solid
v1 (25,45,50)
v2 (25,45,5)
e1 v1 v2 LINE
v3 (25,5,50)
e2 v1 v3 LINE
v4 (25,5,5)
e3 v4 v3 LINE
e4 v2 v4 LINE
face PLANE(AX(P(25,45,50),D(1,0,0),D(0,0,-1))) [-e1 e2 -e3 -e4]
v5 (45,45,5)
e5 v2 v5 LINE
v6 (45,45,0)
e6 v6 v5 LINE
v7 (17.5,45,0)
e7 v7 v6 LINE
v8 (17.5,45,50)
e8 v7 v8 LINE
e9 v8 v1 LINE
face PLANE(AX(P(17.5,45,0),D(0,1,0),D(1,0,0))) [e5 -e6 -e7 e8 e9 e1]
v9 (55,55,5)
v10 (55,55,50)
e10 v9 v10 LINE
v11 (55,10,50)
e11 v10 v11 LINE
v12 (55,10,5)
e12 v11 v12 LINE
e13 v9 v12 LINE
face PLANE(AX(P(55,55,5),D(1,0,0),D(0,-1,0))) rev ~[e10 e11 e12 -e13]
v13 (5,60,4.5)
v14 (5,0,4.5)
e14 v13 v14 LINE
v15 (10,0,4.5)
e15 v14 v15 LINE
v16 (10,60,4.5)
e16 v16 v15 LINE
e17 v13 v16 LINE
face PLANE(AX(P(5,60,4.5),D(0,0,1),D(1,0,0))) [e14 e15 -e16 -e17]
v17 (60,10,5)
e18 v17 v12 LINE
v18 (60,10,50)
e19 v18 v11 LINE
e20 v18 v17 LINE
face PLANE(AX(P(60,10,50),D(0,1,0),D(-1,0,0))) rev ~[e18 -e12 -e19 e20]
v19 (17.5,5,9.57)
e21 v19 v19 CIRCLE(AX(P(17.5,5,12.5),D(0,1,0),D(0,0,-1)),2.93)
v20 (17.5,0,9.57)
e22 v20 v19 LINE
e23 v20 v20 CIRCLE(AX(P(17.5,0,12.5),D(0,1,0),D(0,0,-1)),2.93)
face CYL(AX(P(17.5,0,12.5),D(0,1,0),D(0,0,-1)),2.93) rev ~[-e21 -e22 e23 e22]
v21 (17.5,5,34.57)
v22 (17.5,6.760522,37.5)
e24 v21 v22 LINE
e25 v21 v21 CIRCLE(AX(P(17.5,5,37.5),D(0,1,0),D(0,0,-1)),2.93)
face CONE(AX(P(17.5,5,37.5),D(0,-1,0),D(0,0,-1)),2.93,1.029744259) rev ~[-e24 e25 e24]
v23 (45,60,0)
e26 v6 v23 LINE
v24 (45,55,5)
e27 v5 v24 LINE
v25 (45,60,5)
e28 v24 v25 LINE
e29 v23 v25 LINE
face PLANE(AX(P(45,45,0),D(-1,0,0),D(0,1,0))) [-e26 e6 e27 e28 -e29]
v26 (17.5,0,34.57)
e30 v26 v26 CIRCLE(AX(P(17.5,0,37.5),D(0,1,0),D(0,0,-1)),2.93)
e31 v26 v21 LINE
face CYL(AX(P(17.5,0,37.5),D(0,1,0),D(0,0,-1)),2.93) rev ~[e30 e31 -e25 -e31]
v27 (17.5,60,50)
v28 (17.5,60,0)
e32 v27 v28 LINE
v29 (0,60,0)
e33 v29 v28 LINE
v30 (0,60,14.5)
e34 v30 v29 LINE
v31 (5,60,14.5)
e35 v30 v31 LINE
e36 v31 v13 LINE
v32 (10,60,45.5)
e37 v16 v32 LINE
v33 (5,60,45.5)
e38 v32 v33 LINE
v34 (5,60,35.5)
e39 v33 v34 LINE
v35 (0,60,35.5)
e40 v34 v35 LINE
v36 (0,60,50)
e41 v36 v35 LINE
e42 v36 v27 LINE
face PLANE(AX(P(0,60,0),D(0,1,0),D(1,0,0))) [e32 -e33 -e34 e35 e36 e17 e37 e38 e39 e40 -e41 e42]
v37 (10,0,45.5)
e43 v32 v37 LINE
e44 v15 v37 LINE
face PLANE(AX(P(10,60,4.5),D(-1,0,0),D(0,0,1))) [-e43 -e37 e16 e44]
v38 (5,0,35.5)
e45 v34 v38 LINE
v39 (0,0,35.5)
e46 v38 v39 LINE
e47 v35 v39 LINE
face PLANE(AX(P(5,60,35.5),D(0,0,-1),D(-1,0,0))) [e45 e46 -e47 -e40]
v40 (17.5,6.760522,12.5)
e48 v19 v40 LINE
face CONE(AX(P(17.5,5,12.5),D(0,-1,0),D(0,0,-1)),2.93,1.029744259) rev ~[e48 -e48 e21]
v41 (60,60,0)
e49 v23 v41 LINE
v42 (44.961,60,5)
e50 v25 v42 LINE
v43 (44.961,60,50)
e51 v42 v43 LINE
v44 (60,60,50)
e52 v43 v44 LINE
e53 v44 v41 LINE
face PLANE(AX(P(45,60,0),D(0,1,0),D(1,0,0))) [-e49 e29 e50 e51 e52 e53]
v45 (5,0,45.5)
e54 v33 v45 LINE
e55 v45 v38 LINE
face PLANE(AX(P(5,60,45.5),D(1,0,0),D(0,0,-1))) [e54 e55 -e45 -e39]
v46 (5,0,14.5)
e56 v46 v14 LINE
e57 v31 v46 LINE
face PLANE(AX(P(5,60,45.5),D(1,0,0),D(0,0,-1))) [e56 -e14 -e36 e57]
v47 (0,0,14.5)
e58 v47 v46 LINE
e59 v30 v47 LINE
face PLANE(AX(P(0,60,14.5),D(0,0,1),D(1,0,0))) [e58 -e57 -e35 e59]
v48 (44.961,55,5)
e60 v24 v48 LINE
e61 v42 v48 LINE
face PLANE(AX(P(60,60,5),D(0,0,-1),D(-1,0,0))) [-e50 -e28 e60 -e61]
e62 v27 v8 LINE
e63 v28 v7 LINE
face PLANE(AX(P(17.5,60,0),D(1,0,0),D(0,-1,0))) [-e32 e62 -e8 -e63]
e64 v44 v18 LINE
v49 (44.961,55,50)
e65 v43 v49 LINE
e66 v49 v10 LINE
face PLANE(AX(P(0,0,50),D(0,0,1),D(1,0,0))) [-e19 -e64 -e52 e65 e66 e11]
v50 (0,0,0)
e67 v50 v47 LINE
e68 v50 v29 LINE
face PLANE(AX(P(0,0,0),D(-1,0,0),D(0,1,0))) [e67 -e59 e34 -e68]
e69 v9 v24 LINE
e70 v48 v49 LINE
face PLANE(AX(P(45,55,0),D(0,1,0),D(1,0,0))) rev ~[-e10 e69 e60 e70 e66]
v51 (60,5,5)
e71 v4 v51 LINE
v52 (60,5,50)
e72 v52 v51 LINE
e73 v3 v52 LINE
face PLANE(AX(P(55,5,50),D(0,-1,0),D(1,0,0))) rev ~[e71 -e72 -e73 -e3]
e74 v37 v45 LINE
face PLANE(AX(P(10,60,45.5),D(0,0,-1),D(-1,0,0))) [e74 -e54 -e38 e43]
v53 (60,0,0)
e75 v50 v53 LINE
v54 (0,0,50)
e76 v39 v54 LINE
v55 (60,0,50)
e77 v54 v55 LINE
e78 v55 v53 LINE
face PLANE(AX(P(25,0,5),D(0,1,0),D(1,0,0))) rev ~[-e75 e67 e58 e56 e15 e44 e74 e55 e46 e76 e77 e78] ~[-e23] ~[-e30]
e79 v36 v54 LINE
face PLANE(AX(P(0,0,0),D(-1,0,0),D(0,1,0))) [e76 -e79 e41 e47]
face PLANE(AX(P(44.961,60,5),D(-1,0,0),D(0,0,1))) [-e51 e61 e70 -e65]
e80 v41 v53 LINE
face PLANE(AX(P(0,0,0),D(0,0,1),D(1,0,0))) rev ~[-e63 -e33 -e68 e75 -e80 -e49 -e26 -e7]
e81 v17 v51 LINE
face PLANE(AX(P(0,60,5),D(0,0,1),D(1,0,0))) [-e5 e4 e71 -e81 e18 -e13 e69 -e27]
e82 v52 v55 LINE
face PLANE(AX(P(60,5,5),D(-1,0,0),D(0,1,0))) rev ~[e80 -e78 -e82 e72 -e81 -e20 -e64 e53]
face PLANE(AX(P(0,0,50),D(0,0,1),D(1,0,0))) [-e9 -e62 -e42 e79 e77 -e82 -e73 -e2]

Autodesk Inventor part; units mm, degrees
ref_plane "YZ Plane" through (0, 0, 0) normal (1, 0, 0) x (0, 1, 0)
ref_plane "XZ Plane" through (0, 0, 0) normal (0, 1, 0) x (-1, 0, 0)
ref_plane "XY Plane" through (0, 0, 0) normal (0, 0, 1) x (1, 0, 0)
sketch "Sketch3" plane through (0, 0, 0) normal (0, 0, 1) x (1, 0, 0)
  line L0 (0, 0) -> (0, 60)
  line L1 (0, 60) -> (17.5, 60)
  line L2 (17.5, 60) -> (17.5, 45)
  line L3 (17.5, 45) -> (45, 45)
  line L4 (45, 45) -> (45, 60)
  line L5 (10.4377, 0) -> (0, 0)
  line L6 (45, 60) -> (60, 60)
  line L7 (60, 60) -> (60, 0)
  line L8 (60, 0) -> (0, 0)
  dimension "d7" = 60
  dimension "d8" = 17.5
  dimension "d12" = 15
  dimension "d13" = 27.5
  dimension "d14" = 15
  dimension "d15" = 60
  dimension "d16" = 60
extrude "Extrusion2" add sketch "Sketch3" along normal blind 5
sketch "Sketch4" plane through (0, 60, 0) normal (0, 1, 0) x (1, 0, 0)
  line L0 (17.5, -5) -> (0, -5) projected
  line L1 (0, -50) -> (17.5, -50)
  line L2 (17.5, -50) -> (17.5, -5)
  line L3 (17.5, -5) -> (0, -5)
  line L4 (0, -5) -> (0, -50)
  point P0 (0, 0)
  dimension "d20" = 45
  dimension "d21" = 17.5
extrude "Extrusion3" add sketch "Sketch4" against normal blind 60
sketch "Sketch5" plane through (45, 60, 0) normal (0, 1, 0) x (1, 0, 0)
  line L0 (15, 0) -> (15, -5) projected
  line L1 (-0.039, -50) -> (15, -50)
  line L2 (15, -50) -> (15, -5)
  line L3 (15, -5) -> (-0.039, -5)
  line L4 (-0.039, -5) -> (-0.039, -50)
  point P0 (-45, 0)
  dimension "d24" = 45
extrude "Extrusion4" add sketch "Sketch5" against normal blind 5
sketch "Sketch7" plane through (17.5, 45, 0) normal (0, 1, 0) x (1, 0, 0)
  line L0 (0, -5) -> (0, -50) projected
  line L1 (27.5, -5) -> (0, -5) projected
  line L2 (0, -50) -> (7.5, -50)
  line L3 (7.5, -50) -> (7.5, -5)
  line L4 (7.5, -5) -> (0, -5)
  line L5 (0, -5) -> (0, -50)
  point P0 (-17.5, 0)
  dimension "d27" = 7.5
extrude "Extrusion5" add sketch "Sketch7" against normal blind 45
sketch "Sketch8" plane through (0, 0, 5) normal (0, 0, 1) x (1, 0, 0)
  line L0 (25, 0) -> (60, 0) projected
  line L1 (60, 0) -> (60, 55) projected
  line L2 (25, 0) -> (60, 0)
  line L3 (60, 0) -> (60, 5)
  line L4 (60, 5) -> (25, 5)
  line L5 (25, 5) -> (25, 0)
  point P0 (0, 0)
  dimension "d30" = 5
extrude "Extrusion6" add sketch "Sketch8" along normal blind 45
sketch "Sketch9" plane through (0, 0, 5) normal (0, 0, 1) x (1, 0, 0)
  line L0 (60, 55) -> (45, 55) projected
  line L1 (60, 55) -> (55, 55)
  line L2 (55, 55) -> (55, 5)
  line L3 (55, 5) -> (60, 5)
  line L4 (60, 5) -> (60, 55)
  point P0 (0, 0)
  dimension "d33" = 50
  dimension "d34" = 5
extrude "Extrusion7" add sketch "Sketch9" along normal blind 45
sketch "Sketch10" plane through (0, 60, 0) normal (0, 1, 0) x (1, 0, 0)
  line L0 (10, -45.5) -> (5, -45.5)
  line L1 (5, -45.5) -> (5, -4.5)
  line L2 (5, -4.5) -> (10, -4.5)
  line L3 (10, -4.5) -> (10, -45.5)
  line L4 (17.5, 0) -> (17.5, -50) projected
  line L5 (0, 0) -> (17.5, 0) projected
  line L6 (0, 0) -> (0, -50) projected
  dimension "d45" = 5
  dimension "d46" = 41
  dimension "d47" = 7.5
  dimension "d48" = 4.5
  dimension "d49" = 5
extrude "Extrusion8" cut sketch "Sketch10" against normal blind 60
sketch "Sketch11" plane through (0, 60, 0) normal (0, 1, 0) x (1, 0, 0)
  line L0 (5, -4.5) -> (5, -45.5) projected
  line L1 (0, 0) -> (0, -50) projected
  line L2 (5, -35.5) -> (0, -35.5)
  line L3 (0, -35.5) -> (0, -14.5)
  line L4 (0, -14.5) -> (5, -14.5)
  line L5 (5, -14.5) -> (5, -35.5)
  line L6 (0, -50) -> (17.5, -50) projected
  dimension "d52" = 21
  dimension "d53" = 14.5
extrude "Extrusion9" cut sketch "Sketch11" against normal blind 60
sketch "Sketch12" plane through (0, 0, 0) normal (0, -1, 0) x (1, 0, 0)
  circle A0 centre (17.5, 12.5) radius 2.5
  circle A1 centre (17.5, 37.5) radius 2.5
  line L0 (10, 45.5) -> (10, 4.5) projected
  line L1 (0, 50) -> (60, 50) projected
  line L2 (60, 0) -> (0, 0) projected
  dimension "d56" = 5
  dimension "d57" = 5
  dimension "d58" = 7.5
  dimension "d59" = 7.5
  dimension "d60" = 12.5
  dimension "d61" = 12.5
hole "Hole1" at (17.5, 0, 12.5) at (17.5, 0, 37.5) direction (0, 1, 0) diameter 5.86 depth 5 tip angle 118
sketch "Sketch13" plane through (0, 60, 0) normal (0, 1, 0) x (1, 0, 0)
  point P0 (0, 0)
sketch "Sketch14" plane through (0, 60, 50) normal (0, 0, 1) x (1, 0, 0)
  line L0 (55, -5) -> (55, -55) projected
  line L1 (60, 0) -> (60, -60) projected
  line L2 (55, -55) -> (60, -55)
  line L3 (60, -55) -> (60, -50)
  line L4 (60, -50) -> (55, -50)
  line L5 (55, -50) -> (55, -55)
  point P0 (0, -60)
  dimension "d69" = 5
extrude "Extrusion10" cut sketch "Sketch14" against normal blind 45
sketch "Sketch15" plane through (5, 60, 35.5) normal (0, 0, -1) x (-1, 0, 0)
  point P0 (5, -60)
sketch "Sketch16" plane through (0, 60, 0) normal (0, 1, 0) x (1, 0, 0)
  point P0 (0, 0)
properties part number "Holder" material "Iron, Cast"
